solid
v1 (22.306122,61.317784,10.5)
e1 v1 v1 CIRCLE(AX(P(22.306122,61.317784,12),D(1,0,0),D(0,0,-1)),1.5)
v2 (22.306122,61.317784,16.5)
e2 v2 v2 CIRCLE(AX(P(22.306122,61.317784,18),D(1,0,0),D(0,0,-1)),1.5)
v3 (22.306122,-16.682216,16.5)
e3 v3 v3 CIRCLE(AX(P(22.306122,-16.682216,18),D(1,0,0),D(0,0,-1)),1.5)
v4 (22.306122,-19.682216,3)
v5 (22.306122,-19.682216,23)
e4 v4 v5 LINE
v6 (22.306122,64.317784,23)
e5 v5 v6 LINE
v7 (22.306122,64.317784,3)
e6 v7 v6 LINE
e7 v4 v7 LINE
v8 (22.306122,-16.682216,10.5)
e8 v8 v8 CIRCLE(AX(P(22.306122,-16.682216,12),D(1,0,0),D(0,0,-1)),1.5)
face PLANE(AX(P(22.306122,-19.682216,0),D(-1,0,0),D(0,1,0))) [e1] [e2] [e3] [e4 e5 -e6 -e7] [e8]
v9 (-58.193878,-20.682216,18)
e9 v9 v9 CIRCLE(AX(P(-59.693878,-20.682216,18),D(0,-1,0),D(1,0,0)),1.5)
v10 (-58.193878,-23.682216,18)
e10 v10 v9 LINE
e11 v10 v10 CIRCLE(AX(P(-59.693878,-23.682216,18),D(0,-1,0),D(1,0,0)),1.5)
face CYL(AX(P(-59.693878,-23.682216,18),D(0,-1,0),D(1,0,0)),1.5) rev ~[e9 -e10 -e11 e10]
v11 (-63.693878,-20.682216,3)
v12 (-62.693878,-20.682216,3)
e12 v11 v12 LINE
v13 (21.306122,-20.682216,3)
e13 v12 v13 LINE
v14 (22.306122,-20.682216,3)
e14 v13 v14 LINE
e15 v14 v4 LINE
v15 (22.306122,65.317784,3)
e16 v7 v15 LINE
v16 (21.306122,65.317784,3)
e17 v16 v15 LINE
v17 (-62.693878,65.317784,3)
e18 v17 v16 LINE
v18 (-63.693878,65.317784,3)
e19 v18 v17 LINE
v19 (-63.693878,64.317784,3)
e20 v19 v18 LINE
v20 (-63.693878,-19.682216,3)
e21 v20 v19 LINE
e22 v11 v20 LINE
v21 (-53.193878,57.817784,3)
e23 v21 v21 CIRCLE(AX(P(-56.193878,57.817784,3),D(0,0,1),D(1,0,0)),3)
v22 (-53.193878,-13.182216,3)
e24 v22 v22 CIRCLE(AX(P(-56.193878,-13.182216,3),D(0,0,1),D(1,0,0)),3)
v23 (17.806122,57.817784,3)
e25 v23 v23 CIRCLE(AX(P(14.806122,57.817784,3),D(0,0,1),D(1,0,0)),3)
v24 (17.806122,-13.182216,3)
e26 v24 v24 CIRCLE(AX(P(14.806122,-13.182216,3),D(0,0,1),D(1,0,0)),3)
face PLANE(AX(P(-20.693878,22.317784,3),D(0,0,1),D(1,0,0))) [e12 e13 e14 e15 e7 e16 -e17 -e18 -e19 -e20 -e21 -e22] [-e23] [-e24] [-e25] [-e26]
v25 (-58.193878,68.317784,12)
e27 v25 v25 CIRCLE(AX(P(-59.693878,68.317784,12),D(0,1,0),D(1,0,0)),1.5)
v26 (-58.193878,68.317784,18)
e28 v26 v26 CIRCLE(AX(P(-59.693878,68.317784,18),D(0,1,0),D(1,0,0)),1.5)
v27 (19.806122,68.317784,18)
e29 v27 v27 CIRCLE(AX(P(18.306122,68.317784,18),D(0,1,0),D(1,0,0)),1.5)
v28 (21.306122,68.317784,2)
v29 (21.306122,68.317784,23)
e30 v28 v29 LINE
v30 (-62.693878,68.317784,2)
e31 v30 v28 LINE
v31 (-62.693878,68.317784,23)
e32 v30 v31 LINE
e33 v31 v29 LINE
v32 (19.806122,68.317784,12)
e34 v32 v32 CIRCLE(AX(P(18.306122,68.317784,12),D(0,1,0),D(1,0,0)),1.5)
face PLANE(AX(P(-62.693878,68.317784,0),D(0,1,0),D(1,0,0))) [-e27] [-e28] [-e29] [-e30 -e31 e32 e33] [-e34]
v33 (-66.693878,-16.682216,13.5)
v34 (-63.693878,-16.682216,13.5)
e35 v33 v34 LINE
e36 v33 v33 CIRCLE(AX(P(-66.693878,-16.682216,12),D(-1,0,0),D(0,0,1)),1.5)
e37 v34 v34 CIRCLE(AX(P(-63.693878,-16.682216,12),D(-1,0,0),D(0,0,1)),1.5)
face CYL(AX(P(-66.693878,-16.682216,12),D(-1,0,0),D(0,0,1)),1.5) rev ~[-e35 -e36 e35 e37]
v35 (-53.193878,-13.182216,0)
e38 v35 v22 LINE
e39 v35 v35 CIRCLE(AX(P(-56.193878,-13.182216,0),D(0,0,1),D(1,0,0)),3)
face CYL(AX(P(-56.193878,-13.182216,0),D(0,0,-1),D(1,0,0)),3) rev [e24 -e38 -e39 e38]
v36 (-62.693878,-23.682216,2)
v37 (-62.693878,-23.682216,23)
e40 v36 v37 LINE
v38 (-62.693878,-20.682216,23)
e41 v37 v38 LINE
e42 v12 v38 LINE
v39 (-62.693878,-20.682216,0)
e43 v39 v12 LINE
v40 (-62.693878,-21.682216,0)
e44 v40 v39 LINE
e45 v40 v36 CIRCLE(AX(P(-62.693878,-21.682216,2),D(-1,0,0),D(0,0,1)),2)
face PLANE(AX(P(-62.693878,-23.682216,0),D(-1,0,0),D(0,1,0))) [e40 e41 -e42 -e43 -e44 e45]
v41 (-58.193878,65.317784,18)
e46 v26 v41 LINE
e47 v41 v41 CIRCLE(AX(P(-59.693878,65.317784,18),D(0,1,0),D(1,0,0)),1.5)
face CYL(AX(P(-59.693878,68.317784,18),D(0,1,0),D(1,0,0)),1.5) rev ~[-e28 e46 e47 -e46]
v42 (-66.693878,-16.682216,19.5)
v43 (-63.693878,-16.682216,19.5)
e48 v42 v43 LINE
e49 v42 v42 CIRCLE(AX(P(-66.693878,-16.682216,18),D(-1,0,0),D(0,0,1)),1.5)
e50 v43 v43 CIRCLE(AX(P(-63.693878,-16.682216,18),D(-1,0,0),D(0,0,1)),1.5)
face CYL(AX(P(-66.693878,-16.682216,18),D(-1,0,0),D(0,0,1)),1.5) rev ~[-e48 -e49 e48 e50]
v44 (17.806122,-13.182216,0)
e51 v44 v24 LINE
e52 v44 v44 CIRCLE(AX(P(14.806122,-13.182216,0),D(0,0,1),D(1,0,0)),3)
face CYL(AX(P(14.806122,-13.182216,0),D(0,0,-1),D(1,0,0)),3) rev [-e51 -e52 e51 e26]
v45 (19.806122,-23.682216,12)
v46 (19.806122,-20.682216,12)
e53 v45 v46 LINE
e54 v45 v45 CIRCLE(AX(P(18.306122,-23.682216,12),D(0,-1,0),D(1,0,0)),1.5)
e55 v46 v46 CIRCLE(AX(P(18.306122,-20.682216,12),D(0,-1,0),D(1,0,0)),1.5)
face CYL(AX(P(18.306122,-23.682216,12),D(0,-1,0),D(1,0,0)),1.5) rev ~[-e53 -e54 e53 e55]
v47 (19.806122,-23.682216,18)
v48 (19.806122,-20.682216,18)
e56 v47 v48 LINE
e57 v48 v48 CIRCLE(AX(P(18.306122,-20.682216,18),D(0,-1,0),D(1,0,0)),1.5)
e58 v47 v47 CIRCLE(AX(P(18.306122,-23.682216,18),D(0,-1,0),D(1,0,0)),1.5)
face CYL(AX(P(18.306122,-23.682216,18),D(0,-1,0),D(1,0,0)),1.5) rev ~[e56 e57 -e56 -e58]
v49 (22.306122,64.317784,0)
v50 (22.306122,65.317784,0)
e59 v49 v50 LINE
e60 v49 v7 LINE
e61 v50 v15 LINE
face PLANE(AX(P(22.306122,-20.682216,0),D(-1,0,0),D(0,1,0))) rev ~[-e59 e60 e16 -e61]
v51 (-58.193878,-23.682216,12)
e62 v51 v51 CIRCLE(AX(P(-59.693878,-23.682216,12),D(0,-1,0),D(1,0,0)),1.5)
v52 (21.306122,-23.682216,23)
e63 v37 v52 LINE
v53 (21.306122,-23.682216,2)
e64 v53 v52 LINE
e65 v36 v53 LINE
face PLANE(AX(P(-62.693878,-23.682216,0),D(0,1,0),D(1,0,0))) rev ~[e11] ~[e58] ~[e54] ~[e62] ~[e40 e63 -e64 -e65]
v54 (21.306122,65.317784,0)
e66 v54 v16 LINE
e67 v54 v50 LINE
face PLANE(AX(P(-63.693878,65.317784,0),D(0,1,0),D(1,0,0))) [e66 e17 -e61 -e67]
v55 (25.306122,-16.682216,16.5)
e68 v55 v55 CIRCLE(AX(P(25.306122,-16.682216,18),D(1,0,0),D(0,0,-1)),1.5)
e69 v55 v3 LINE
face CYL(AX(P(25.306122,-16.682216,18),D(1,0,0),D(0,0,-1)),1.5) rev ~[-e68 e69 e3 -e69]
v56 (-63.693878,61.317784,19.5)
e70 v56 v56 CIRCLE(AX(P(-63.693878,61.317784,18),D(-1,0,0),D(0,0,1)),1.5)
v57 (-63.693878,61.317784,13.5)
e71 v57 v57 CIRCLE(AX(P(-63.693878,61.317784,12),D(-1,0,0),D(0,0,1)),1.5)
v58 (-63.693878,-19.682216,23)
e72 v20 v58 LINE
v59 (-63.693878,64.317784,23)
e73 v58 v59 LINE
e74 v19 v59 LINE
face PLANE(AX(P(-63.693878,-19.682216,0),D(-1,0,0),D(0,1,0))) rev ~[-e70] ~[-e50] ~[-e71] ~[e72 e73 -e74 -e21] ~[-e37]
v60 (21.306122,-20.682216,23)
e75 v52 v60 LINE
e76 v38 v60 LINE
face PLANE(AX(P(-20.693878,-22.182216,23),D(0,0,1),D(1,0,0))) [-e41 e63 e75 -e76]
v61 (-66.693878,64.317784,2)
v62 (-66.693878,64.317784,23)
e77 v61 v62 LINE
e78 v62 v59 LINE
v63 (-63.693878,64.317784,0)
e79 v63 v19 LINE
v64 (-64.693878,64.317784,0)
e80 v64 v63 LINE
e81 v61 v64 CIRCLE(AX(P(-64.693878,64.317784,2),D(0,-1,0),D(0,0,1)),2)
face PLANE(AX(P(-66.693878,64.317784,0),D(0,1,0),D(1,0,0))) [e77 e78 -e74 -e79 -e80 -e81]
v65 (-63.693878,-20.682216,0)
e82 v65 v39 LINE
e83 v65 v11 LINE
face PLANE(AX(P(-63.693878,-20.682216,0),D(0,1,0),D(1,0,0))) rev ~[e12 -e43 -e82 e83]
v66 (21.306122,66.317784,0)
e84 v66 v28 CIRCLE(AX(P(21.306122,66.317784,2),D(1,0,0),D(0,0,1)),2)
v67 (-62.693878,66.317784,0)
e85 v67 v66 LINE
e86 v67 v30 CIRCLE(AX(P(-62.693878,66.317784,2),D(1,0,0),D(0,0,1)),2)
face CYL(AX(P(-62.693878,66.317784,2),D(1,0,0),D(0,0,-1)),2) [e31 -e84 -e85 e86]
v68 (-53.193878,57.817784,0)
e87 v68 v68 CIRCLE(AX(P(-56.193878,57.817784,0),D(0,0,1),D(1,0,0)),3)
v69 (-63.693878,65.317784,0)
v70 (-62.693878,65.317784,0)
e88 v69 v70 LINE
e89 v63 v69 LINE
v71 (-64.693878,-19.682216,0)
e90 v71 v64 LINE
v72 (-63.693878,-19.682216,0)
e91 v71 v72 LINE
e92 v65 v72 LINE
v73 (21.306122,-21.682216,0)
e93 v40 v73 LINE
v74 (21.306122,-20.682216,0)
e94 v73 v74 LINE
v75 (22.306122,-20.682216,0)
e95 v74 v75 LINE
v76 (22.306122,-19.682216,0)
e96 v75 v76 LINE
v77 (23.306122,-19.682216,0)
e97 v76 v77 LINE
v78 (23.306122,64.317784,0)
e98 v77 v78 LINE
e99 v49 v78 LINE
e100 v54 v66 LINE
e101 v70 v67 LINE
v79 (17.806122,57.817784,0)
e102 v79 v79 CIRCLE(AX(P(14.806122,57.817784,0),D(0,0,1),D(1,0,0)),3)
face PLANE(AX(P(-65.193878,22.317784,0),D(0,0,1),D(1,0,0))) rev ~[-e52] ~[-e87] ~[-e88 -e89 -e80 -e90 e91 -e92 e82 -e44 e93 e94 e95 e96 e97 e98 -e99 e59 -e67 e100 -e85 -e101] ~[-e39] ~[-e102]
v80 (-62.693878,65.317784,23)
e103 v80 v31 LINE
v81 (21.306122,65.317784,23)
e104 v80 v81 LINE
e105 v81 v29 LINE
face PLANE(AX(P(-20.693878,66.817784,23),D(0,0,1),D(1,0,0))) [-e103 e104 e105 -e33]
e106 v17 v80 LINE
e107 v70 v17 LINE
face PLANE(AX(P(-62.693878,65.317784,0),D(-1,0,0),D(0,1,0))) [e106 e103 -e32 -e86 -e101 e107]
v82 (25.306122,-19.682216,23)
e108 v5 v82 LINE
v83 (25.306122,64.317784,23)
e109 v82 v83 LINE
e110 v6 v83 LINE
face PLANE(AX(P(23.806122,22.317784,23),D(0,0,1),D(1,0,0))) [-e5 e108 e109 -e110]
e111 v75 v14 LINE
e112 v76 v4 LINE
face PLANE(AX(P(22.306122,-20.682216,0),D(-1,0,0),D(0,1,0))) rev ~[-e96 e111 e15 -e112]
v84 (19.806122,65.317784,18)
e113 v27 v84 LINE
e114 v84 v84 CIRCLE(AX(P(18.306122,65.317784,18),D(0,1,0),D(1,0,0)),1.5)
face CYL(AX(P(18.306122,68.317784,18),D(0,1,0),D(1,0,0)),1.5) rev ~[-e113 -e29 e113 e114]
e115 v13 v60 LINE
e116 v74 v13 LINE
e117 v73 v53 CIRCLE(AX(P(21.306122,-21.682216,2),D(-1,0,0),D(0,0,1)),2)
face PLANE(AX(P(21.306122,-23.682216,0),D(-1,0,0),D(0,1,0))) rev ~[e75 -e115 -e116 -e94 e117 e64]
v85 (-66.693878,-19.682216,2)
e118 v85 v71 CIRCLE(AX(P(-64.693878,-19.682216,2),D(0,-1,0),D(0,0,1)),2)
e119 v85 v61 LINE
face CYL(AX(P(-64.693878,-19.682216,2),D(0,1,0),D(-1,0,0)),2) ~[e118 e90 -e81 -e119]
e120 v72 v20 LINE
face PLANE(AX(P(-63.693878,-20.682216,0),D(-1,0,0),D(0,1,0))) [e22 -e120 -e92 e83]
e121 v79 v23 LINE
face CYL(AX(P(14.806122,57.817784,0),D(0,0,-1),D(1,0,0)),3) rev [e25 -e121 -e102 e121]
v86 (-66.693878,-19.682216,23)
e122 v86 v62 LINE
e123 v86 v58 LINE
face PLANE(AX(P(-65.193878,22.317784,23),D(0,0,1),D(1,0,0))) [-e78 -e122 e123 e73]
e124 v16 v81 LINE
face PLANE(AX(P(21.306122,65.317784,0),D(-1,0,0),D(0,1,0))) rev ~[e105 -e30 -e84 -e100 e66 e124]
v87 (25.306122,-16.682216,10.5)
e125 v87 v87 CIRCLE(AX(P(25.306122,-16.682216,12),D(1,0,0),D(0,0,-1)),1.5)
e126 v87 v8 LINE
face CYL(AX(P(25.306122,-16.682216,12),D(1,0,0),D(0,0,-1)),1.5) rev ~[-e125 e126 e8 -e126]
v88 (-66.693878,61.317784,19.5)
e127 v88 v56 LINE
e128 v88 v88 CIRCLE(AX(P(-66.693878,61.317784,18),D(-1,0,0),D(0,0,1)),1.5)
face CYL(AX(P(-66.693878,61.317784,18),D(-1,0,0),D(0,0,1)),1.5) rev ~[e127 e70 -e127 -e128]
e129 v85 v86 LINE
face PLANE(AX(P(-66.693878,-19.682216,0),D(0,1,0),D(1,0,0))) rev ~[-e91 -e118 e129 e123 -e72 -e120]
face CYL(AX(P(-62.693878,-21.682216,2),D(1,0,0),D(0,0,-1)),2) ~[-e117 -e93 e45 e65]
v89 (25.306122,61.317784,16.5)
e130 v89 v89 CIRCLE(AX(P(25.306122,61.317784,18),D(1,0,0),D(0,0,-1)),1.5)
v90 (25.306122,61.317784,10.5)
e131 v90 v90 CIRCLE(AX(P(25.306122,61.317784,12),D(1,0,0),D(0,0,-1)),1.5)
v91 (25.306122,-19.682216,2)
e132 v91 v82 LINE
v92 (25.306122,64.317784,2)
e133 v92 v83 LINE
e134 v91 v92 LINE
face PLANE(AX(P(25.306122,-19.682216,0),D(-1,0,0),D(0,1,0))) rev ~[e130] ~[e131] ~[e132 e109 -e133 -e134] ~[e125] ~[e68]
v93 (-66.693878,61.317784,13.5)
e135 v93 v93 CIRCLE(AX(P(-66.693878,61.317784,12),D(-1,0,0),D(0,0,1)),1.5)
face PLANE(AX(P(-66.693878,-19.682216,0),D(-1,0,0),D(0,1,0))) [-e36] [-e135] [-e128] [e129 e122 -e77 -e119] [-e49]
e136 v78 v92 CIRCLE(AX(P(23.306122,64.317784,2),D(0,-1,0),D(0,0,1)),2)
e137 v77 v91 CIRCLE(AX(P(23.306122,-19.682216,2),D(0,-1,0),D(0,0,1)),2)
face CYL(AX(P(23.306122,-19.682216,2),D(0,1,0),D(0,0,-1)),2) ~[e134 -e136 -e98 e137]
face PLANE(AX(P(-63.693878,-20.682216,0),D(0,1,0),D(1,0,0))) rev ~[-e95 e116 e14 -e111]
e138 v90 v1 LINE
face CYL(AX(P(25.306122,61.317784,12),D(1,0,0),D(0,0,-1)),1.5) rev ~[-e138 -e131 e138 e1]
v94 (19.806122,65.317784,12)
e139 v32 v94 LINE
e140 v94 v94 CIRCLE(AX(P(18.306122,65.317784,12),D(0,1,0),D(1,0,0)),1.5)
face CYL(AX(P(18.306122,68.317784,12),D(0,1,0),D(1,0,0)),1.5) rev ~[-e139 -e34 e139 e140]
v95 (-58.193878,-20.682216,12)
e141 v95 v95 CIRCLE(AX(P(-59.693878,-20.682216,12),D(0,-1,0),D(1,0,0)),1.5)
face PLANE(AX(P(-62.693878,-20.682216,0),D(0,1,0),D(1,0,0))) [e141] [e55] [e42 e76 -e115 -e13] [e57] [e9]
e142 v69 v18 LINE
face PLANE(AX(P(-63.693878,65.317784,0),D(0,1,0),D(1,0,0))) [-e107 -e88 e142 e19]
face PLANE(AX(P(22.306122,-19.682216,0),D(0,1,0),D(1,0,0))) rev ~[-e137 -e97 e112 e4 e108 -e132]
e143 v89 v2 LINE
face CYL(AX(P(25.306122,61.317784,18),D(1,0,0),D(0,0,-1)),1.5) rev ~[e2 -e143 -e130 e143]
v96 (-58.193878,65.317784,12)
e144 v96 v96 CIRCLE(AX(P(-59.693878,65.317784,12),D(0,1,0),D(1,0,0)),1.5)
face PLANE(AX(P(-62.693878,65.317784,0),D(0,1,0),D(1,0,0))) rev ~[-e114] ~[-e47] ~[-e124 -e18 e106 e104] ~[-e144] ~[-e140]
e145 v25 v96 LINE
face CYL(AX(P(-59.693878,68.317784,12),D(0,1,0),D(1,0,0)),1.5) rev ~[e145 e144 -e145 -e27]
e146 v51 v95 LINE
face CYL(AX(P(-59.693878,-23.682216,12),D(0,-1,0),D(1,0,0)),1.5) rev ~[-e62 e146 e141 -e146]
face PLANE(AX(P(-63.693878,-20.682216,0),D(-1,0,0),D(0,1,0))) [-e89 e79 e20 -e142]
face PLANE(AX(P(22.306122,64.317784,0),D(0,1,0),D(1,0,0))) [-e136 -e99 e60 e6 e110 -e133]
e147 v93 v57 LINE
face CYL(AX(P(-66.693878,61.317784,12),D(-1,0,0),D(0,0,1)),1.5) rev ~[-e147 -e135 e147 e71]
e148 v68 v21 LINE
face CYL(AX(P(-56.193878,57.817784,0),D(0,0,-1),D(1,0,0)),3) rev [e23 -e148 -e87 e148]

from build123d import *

# Parameters (mm, degrees)
SKETCH1_R           = 3
BOSS_EXTRUDE1_DEPTH = 3
SKETCH1_4_W         = 3
SKETCH1_4_H         = 84
SKETCH1_4_W_2       = 84
SKETCH1_4_H_2       = 3
BOSS_EXTRUDE3_DEPTH = 23
FILLET1_R           = 2
CUT_EXTRUDE1_REACH  = 118.877
SKETCH2_R           = 1.5
CUT_EXTRUDE2_REACH  = 117.936
SKETCH3_R           = 1.5
CUT_EXTRUDE3_REACH  = 118.877
SKETCH4_R           = 1.5
CUT_EXTRUDE4_REACH  = 117.936
SKETCH5_R           = 1.5


with BuildPart() as part:
    # Sketch1 → Boss-Extrude1 (new body)
    with BuildSketch(Plane.XY):
        Polygon((-62.693877551, 65.317784257), (-63.693877551, 65.317784257), (-63.693877551, 64.317784257), (-63.693877551, -19.682215743), (-63.693877551, -20.682215743), (-62.693877551, -20.682215743), (21.306122449, -20.682215743), (22.306122449, -20.682215743), (22.306122449, -19.682215743), (22.306122449, 64.317784257), (22.306122449, 65.317784257), (21.306122449, 65.317784257), align=None)
        with Locations((-56.193877551, -13.182215743)):
            Circle(SKETCH1_R, mode=Mode.SUBTRACT)
        with Locations((14.806122449, -13.182215743)):
            Circle(SKETCH1_R, mode=Mode.SUBTRACT)
        with Locations((-56.193877551, 57.817784257)):
            Circle(SKETCH1_R, mode=Mode.SUBTRACT)
        with Locations((14.806122449, 57.817784257)):
            Circle(SKETCH1_R, mode=Mode.SUBTRACT)
    extrude(amount=BOSS_EXTRUDE1_DEPTH)

    # Sketch1<4> → Boss-Extrude3 (add)
    with BuildSketch(Plane.XY):
        with Locations((-65.193877551, 22.317784257)):
            Rectangle(SKETCH1_4_W, SKETCH1_4_H)
        with Locations((-20.693877551, 66.817784257)):
            Rectangle(SKETCH1_4_W_2, SKETCH1_4_H_2)
        with Locations((-20.693877551, -22.182215743)):
            Rectangle(SKETCH1_4_W_2, SKETCH1_4_H_2)
        with Locations((23.806122449, 22.317784257)):
            Rectangle(SKETCH1_4_W, SKETCH1_4_H)
    extrude(amount=BOSS_EXTRUDE3_DEPTH)

    # Fillet1
    fillet1_edges = [part.edges().sort_by_distance(p)[0] for p in [
        (-20.693877551, -23.682215743, 0),
        (-66.693877551, 22.317784257, 0),
        (-20.693877551, 68.317784257, 0),
        (25.306122449, 22.317784257, 0),
    ]]
    fillet(fillet1_edges, radius=FILLET1_R)

    # Sketch2 → Cut-Extrude1 (cut, up to next)
    with BuildSketch(Plane.ZY.offset(66.693877551), mode=Mode.PRIVATE) as cut_extrude1_sk1:
        with Locations((12, -16.682215743)):
            Circle(SKETCH2_R)
    cut_extrude1_tool1 = extrude(cut_extrude1_sk1.sketch, amount=-CUT_EXTRUDE1_REACH, mode=Mode.PRIVATE) & part.part
    # Sketch2 → Cut-Extrude1 (cut, up to next)
    with BuildSketch(Plane.ZY.offset(66.693877551), mode=Mode.PRIVATE) as cut_extrude1_sk2:
        with Locations((18, -16.682215743)):
            Circle(SKETCH2_R)
    cut_extrude1_tool2 = extrude(cut_extrude1_sk2.sketch, amount=-CUT_EXTRUDE1_REACH, mode=Mode.PRIVATE) & part.part
    # Sketch2 → Cut-Extrude1 (cut, up to next)
    with BuildSketch(Plane.ZY.offset(66.693877551), mode=Mode.PRIVATE) as cut_extrude1_sk3:
        with Locations((12, 61.317784257)):
            Circle(SKETCH2_R)
    cut_extrude1_tool3 = extrude(cut_extrude1_sk3.sketch, amount=-CUT_EXTRUDE1_REACH, mode=Mode.PRIVATE) & part.part
    # Sketch2 → Cut-Extrude1 (cut, up to next)
    with BuildSketch(Plane.ZY.offset(66.693877551), mode=Mode.PRIVATE) as cut_extrude1_sk4:
        with Locations((18, 61.317784257)):
            Circle(SKETCH2_R)
    cut_extrude1_tool4 = extrude(cut_extrude1_sk4.sketch, amount=-CUT_EXTRUDE1_REACH, mode=Mode.PRIVATE) & part.part
    add(cut_extrude1_tool1.solids().sort_by_distance((-66.693878, -16.682216, 12))[0], mode=Mode.SUBTRACT)
    add(cut_extrude1_tool2.solids().sort_by_distance((-66.693878, -16.682216, 18))[0], mode=Mode.SUBTRACT)
    add(cut_extrude1_tool3.solids().sort_by_distance((-66.693878, 61.317784, 12))[0], mode=Mode.SUBTRACT)
    add(cut_extrude1_tool4.solids().sort_by_distance((-66.693878, 61.317784, 18))[0], mode=Mode.SUBTRACT)

    # Sketch3 → Cut-Extrude2 (cut, up to next)
    with BuildSketch(Plane.XZ.offset(23.682215743), mode=Mode.PRIVATE) as cut_extrude2_sk1:
        with Locations((18.306122449, 12)):
            Circle(SKETCH3_R)
    cut_extrude2_tool1 = extrude(cut_extrude2_sk1.sketch, amount=-CUT_EXTRUDE2_REACH, mode=Mode.PRIVATE) & part.part
    # Sketch3 → Cut-Extrude2 (cut, up to next)
    with BuildSketch(Plane.XZ.offset(23.682215743), mode=Mode.PRIVATE) as cut_extrude2_sk2:
        with Locations((18.306122449, 18)):
            Circle(SKETCH3_R)
    cut_extrude2_tool2 = extrude(cut_extrude2_sk2.sketch, amount=-CUT_EXTRUDE2_REACH, mode=Mode.PRIVATE) & part.part
    # Sketch3 → Cut-Extrude2 (cut, up to next)
    with BuildSketch(Plane.XZ.offset(23.682215743), mode=Mode.PRIVATE) as cut_extrude2_sk3:
        with Locations((-59.693877551, 12)):
            Circle(SKETCH3_R)
    cut_extrude2_tool3 = extrude(cut_extrude2_sk3.sketch, amount=-CUT_EXTRUDE2_REACH, mode=Mode.PRIVATE) & part.part
    # Sketch3 → Cut-Extrude2 (cut, up to next)
    with BuildSketch(Plane.XZ.offset(23.682215743), mode=Mode.PRIVATE) as cut_extrude2_sk4:
        with Locations((-59.693877551, 18)):
            Circle(SKETCH3_R)
    cut_extrude2_tool4 = extrude(cut_extrude2_sk4.sketch, amount=-CUT_EXTRUDE2_REACH, mode=Mode.PRIVATE) & part.part
    add(cut_extrude2_tool1.solids().sort_by_distance((18.306122, -23.682216, 12))[0], mode=Mode.SUBTRACT)
    add(cut_extrude2_tool2.solids().sort_by_distance((18.306122, -23.682216, 18))[0], mode=Mode.SUBTRACT)
    add(cut_extrude2_tool3.solids().sort_by_distance((-59.693878, -23.682216, 12))[0], mode=Mode.SUBTRACT)
    add(cut_extrude2_tool4.solids().sort_by_distance((-59.693878, -23.682216, 18))[0], mode=Mode.SUBTRACT)

    # Sketch4 → Cut-Extrude3 (cut, up to next)
    with BuildSketch(Plane(origin=(25.306122449, 0, 0), x_dir=(0, 0, -1), z_dir=(1, 0, 0)), mode=Mode.PRIVATE) as cut_extrude3_sk1:
        with Locations((-12, 61.317784257)):
            Circle(SKETCH4_R)
    cut_extrude3_tool1 = extrude(cut_extrude3_sk1.sketch, amount=-CUT_EXTRUDE3_REACH, mode=Mode.PRIVATE) & part.part
    # Sketch4 → Cut-Extrude3 (cut, up to next)
    with BuildSketch(Plane(origin=(25.306122449, 0, 0), x_dir=(0, 0, -1), z_dir=(1, 0, 0)), mode=Mode.PRIVATE) as cut_extrude3_sk2:
        with Locations((-18, 61.317784257)):
            Circle(SKETCH4_R)
    cut_extrude3_tool2 = extrude(cut_extrude3_sk2.sketch, amount=-CUT_EXTRUDE3_REACH, mode=Mode.PRIVATE) & part.part
    # Sketch4 → Cut-Extrude3 (cut, up to next)
    with BuildSketch(Plane(origin=(25.306122449, 0, 0), x_dir=(0, 0, -1), z_dir=(1, 0, 0)), mode=Mode.PRIVATE) as cut_extrude3_sk3:
        with Locations((-12, -16.682215743)):
            Circle(SKETCH4_R)
    cut_extrude3_tool3 = extrude(cut_extrude3_sk3.sketch, amount=-CUT_EXTRUDE3_REACH, mode=Mode.PRIVATE) & part.part
    # Sketch4 → Cut-Extrude3 (cut, up to next)
    with BuildSketch(Plane(origin=(25.306122449, 0, 0), x_dir=(0, 0, -1), z_dir=(1, 0, 0)), mode=Mode.PRIVATE) as cut_extrude3_sk4:
        with Locations((-18, -16.682215743)):
            Circle(SKETCH4_R)
    cut_extrude3_tool4 = extrude(cut_extrude3_sk4.sketch, amount=-CUT_EXTRUDE3_REACH, mode=Mode.PRIVATE) & part.part
    add(cut_extrude3_tool1.solids().sort_by_distance((25.306122, 61.317784, 12))[0], mode=Mode.SUBTRACT)
    add(cut_extrude3_tool2.solids().sort_by_distance((25.306122, 61.317784, 18))[0], mode=Mode.SUBTRACT)
    add(cut_extrude3_tool3.solids().sort_by_distance((25.306122, -16.682216, 12))[0], mode=Mode.SUBTRACT)
    add(cut_extrude3_tool4.solids().sort_by_distance((25.306122, -16.682216, 18))[0], mode=Mode.SUBTRACT)

    # Sketch5 → Cut-Extrude4 (cut, up to next)
    with BuildSketch(Plane(origin=(0, 68.317784257, 0), x_dir=(1, 0, 0), z_dir=(0, 1, 0)), mode=Mode.PRIVATE) as cut_extrude4_sk1:
        with Locations((-59.693877551, -12)):
            Circle(SKETCH5_R)
    cut_extrude4_tool1 = extrude(cut_extrude4_sk1.sketch, amount=-CUT_EXTRUDE4_REACH, mode=Mode.PRIVATE) & part.part
    # Sketch5 → Cut-Extrude4 (cut, up to next)
    with BuildSketch(Plane(origin=(0, 68.317784257, 0), x_dir=(1, 0, 0), z_dir=(0, 1, 0)), mode=Mode.PRIVATE) as cut_extrude4_sk2:
        with Locations((-59.693877551, -18)):
            Circle(SKETCH5_R)
    cut_extrude4_tool2 = extrude(cut_extrude4_sk2.sketch, amount=-CUT_EXTRUDE4_REACH, mode=Mode.PRIVATE) & part.part
    # Sketch5 → Cut-Extrude4 (cut, up to next)
    with BuildSketch(Plane(origin=(0, 68.317784257, 0), x_dir=(1, 0, 0), z_dir=(0, 1, 0)), mode=Mode.PRIVATE) as cut_extrude4_sk3:
        with Locations((18.306122449, -18)):
            Circle(SKETCH5_R)
    cut_extrude4_tool3 = extrude(cut_extrude4_sk3.sketch, amount=-CUT_EXTRUDE4_REACH, mode=Mode.PRIVATE) & part.part
    # Sketch5 → Cut-Extrude4 (cut, up to next)
    with BuildSketch(Plane(origin=(0, 68.317784257, 0), x_dir=(1, 0, 0), z_dir=(0, 1, 0)), mode=Mode.PRIVATE) as cut_extrude4_sk4:
        with Locations((18.306122449, -12)):
            Circle(SKETCH5_R)
    cut_extrude4_tool4 = extrude(cut_extrude4_sk4.sketch, amount=-CUT_EXTRUDE4_REACH, mode=Mode.PRIVATE) & part.part
    add(cut_extrude4_tool1.solids().sort_by_distance((-59.693878, 68.317784, 12))[0], mode=Mode.SUBTRACT)
    add(cut_extrude4_tool2.solids().sort_by_distance((-59.693878, 68.317784, 18))[0], mode=Mode.SUBTRACT)
    add(cut_extrude4_tool3.solids().sort_by_distance((18.306122, 68.317784, 18))[0], mode=Mode.SUBTRACT)
    add(cut_extrude4_tool4.solids().sort_by_distance((18.306122, 68.317784, 12))[0], mode=Mode.SUBTRACT)


solid = part.part
